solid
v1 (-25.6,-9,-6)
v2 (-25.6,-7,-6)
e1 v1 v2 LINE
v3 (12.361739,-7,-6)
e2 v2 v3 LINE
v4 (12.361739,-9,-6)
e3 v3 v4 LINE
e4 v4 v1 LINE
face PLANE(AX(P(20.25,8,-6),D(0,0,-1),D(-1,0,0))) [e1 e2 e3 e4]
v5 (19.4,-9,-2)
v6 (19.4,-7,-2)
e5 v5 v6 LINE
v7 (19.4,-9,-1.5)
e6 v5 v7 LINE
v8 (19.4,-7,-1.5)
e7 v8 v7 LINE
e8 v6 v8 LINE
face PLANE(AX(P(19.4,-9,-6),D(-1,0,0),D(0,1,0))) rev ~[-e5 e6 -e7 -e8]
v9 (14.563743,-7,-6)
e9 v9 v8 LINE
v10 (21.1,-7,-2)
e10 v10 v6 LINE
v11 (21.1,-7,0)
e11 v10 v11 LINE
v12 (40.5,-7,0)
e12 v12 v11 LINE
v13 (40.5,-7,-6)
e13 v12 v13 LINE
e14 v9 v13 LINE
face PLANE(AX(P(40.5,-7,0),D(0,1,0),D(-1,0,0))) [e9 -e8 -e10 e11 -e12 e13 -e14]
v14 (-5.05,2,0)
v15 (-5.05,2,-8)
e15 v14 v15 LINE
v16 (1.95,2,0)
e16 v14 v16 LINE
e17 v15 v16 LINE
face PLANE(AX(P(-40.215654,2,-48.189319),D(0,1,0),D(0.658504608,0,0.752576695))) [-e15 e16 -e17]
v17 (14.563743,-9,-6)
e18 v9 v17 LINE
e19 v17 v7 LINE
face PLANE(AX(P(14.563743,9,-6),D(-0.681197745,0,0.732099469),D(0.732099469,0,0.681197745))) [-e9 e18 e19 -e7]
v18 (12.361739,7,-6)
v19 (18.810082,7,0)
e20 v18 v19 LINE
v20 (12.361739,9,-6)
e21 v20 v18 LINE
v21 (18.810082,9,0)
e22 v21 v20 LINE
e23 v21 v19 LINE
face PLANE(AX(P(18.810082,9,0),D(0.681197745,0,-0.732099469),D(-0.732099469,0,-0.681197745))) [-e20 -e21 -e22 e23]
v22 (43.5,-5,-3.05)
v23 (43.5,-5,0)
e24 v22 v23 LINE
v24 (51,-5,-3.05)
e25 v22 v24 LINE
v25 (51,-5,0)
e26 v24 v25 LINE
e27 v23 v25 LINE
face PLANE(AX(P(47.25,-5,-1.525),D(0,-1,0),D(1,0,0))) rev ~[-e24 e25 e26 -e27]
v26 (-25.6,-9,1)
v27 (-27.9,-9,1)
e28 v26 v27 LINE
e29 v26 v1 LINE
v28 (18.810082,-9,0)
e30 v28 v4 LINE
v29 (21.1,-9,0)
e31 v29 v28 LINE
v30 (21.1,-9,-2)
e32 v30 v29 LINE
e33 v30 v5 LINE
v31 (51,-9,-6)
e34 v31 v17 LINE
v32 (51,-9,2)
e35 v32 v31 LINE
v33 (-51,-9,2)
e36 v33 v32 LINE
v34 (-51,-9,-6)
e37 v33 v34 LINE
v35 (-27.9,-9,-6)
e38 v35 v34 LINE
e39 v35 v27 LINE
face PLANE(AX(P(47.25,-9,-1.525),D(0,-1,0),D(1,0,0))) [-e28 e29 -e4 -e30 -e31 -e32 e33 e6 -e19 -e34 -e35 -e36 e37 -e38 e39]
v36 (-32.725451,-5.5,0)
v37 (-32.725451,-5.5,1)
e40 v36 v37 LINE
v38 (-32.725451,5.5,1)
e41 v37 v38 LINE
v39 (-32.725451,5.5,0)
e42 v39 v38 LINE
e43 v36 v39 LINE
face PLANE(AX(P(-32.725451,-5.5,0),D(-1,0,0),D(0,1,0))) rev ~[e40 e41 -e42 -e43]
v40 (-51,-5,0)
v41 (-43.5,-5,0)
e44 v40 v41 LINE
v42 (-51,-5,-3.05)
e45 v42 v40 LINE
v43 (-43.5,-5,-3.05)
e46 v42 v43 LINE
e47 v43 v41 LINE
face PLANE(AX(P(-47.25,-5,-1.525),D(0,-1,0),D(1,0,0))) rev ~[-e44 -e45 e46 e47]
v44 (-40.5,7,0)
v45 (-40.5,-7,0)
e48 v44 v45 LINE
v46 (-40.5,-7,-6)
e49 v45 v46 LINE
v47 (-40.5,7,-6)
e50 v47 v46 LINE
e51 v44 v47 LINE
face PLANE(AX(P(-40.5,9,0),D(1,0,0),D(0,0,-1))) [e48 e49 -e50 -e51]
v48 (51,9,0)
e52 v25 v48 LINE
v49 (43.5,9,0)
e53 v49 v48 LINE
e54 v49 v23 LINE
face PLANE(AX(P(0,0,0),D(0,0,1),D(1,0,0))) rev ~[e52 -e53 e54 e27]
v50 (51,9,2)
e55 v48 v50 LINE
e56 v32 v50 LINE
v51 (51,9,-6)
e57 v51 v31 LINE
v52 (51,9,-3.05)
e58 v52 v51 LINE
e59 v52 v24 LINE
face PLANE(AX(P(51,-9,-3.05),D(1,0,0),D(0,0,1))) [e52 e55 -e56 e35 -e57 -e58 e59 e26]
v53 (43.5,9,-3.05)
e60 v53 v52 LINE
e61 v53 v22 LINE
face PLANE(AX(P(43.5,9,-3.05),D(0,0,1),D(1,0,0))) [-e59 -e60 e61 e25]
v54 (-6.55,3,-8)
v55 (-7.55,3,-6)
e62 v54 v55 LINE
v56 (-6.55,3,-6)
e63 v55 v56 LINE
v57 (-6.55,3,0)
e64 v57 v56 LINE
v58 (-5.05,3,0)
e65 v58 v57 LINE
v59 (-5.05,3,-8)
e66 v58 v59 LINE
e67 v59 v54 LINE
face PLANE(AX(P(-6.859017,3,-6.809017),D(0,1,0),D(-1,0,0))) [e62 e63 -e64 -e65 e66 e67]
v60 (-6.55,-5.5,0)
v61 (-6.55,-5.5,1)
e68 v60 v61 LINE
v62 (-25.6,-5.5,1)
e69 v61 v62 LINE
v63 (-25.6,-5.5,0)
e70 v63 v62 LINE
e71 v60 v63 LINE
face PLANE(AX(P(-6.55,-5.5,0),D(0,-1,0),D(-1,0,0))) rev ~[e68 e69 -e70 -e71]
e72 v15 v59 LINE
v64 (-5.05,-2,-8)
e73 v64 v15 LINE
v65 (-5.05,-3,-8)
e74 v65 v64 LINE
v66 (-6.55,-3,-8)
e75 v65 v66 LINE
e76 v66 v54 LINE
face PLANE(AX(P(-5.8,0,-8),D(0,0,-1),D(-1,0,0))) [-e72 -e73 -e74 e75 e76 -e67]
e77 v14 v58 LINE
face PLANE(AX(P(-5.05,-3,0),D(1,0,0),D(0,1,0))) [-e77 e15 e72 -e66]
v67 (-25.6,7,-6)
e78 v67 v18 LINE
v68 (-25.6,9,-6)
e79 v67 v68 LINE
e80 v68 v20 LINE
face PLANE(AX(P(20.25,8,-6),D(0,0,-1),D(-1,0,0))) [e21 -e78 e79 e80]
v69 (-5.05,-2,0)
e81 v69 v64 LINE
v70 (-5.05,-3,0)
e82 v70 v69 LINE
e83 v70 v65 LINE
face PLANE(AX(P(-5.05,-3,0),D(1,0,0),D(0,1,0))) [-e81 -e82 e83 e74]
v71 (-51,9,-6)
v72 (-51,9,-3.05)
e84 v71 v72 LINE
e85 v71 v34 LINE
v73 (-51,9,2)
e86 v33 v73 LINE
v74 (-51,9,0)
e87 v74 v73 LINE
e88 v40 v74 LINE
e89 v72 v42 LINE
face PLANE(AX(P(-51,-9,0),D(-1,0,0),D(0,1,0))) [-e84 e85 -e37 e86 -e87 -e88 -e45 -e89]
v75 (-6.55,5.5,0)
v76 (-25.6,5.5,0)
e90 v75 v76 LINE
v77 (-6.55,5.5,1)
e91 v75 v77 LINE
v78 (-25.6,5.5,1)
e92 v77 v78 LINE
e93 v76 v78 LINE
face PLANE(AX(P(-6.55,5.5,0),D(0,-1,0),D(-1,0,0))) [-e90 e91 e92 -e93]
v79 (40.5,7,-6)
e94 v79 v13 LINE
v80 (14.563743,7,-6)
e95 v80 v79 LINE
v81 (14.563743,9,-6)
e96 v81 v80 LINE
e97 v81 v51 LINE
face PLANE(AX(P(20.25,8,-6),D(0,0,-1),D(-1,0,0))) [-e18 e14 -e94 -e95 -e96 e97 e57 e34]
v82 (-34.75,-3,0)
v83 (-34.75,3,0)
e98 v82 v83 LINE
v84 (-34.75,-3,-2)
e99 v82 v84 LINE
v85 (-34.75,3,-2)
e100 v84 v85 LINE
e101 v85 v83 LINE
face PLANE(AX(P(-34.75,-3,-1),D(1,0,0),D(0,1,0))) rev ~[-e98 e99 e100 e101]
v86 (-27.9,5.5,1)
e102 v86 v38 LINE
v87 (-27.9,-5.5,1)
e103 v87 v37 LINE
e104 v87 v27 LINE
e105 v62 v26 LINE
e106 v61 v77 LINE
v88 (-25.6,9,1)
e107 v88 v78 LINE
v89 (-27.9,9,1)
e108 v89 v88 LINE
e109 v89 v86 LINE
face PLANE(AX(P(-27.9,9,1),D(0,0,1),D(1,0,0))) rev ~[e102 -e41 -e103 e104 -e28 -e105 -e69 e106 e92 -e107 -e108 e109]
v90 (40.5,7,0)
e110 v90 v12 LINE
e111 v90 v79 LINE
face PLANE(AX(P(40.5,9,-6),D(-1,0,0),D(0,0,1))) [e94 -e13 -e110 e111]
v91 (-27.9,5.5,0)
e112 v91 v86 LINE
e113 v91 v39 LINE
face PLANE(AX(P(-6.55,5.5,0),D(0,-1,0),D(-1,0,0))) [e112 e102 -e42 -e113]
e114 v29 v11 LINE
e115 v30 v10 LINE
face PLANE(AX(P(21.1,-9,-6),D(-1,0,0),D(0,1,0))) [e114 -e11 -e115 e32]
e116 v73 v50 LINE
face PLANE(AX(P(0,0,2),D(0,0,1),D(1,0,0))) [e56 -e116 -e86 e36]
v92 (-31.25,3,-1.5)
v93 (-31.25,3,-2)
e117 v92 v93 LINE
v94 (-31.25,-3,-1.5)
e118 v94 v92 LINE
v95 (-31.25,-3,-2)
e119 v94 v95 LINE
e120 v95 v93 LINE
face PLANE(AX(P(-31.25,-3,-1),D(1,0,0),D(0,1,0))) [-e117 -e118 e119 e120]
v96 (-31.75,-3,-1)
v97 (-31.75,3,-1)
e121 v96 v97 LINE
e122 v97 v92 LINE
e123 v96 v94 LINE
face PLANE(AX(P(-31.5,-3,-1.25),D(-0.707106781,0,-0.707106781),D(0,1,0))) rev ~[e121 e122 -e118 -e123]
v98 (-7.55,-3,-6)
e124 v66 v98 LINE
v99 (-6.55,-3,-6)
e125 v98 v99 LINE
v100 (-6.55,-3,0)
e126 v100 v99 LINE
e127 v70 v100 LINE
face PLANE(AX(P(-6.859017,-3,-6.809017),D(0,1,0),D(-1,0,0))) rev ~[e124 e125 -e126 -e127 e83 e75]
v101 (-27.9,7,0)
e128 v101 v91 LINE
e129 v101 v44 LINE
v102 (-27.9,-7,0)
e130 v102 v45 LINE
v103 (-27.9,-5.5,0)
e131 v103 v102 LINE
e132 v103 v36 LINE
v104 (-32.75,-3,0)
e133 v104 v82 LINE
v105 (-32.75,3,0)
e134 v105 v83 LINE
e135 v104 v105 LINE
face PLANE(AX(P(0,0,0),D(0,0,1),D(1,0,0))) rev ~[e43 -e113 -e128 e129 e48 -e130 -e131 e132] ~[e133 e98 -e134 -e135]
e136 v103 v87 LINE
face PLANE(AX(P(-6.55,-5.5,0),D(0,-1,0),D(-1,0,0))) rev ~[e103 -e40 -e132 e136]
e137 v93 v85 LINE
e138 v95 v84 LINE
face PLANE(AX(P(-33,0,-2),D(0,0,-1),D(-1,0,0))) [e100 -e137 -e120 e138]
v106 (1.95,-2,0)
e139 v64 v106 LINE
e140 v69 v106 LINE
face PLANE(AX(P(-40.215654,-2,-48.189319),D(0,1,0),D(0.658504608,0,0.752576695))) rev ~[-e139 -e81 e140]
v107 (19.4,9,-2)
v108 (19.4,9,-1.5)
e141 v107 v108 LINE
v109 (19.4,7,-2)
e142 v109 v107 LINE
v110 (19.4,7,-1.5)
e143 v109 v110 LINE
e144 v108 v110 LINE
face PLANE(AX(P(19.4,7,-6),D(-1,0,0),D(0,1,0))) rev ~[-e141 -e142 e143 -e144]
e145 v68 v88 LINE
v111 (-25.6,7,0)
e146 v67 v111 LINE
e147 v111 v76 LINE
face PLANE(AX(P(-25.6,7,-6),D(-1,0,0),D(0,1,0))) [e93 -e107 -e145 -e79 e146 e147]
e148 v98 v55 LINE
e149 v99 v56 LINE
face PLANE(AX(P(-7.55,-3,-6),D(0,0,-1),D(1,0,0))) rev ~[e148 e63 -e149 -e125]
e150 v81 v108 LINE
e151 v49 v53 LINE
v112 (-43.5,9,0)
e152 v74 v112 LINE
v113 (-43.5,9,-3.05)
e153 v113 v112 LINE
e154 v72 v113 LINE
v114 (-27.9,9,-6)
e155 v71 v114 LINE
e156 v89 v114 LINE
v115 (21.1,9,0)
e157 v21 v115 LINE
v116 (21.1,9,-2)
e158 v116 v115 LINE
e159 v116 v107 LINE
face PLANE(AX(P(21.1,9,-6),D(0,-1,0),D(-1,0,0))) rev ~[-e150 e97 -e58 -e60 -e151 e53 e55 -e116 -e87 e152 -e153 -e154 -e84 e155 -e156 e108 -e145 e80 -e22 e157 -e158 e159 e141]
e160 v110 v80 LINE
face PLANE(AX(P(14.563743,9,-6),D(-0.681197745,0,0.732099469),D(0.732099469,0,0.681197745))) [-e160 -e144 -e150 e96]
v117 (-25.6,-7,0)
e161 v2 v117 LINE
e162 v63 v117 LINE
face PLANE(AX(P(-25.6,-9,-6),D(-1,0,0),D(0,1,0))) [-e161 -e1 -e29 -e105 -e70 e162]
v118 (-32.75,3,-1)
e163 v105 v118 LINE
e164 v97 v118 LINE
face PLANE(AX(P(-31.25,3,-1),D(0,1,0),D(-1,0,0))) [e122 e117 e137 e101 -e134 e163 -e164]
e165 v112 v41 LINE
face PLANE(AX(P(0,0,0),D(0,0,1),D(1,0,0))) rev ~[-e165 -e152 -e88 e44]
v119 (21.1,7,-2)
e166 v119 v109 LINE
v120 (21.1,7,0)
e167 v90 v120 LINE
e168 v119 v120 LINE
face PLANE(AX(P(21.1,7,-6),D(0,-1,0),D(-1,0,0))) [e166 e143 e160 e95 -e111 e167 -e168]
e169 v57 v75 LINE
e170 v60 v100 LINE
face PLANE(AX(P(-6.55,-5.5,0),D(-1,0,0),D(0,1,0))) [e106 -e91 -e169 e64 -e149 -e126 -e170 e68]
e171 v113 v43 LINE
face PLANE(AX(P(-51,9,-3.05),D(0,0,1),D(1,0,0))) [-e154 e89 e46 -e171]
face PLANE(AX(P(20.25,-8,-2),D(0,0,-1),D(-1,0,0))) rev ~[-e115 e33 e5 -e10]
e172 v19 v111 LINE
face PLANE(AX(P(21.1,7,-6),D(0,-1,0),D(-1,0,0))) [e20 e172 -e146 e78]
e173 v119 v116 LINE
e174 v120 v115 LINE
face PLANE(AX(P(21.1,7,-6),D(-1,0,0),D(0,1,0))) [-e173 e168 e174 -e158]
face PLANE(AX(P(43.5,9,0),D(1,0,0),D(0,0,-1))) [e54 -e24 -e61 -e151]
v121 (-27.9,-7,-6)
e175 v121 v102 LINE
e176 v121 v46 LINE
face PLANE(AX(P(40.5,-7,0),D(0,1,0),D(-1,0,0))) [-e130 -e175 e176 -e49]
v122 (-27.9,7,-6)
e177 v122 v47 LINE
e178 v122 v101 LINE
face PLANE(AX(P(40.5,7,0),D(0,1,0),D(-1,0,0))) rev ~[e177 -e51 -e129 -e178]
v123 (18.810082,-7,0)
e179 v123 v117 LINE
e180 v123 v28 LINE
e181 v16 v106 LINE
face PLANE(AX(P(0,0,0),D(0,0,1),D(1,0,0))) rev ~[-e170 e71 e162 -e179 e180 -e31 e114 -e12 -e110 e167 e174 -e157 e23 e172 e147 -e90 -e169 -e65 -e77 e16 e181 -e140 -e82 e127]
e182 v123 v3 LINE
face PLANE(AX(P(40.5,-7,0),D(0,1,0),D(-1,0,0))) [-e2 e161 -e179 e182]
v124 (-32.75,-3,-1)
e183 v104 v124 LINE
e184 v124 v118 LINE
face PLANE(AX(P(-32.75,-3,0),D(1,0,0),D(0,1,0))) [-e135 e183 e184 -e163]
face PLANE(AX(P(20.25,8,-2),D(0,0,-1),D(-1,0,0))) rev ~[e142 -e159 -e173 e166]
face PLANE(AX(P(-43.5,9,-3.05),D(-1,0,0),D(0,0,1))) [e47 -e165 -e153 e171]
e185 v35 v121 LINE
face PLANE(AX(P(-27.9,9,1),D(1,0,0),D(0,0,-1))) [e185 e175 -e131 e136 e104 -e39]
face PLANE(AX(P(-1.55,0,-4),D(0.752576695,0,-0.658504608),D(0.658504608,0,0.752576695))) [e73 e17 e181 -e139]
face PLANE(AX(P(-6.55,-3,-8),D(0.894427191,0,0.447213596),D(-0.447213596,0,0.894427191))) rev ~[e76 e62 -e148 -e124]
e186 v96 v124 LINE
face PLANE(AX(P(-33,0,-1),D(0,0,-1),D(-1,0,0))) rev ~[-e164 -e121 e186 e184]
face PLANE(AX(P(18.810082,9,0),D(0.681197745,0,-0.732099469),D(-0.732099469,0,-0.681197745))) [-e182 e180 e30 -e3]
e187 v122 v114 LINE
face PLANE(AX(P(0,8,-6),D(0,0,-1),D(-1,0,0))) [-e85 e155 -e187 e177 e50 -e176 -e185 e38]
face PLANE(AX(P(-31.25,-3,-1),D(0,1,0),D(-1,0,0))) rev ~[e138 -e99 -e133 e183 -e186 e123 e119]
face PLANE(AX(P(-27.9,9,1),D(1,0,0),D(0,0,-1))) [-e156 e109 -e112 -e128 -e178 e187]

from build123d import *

# Parameters (mm, degrees)
SKETCH1_W            = 102
SKETCH1_H            = 18
BOSS_EXTRUDE1_DEPTH  = 2
BOSS_EXTRUDE2_DEPTH  = 18
SKETCH4_W            = 81
SKETCH4_H            = 2
BOSS_EXTRUDE3_DEPTH  = 6
SKETCH5_W            = 2.3
SKETCH5_H            = 2
SKETCH5_W_2          = 1.7
CUT_EXTRUDE1_DEPTH   = 6
SKETCH6_W            = 1.7
SKETCH6_H            = 2
BOSS_EXTRUDE4_DEPTH  = 4
CUT_EXTRUDE2_DEPTH   = 20
SKETCH8_W            = 2
SKETCH8_H            = 6
BOSS_EXTRUDE5_DEPTH  = 1
SKETCH10_W           = 3.5
SKETCH10_H           = 6
BOSS_EXTRUDE6_DEPTH  = 1
SKETCH11_W           = 1.5
SKETCH11_H           = 6
BOSS_EXTRUDE7_DEPTH  = 8
BOSS_EXTRUDE8_DEPTH  = 6
RIB1_REACH           = 54.402
SKETCH17_WALL_W      = 117.434725866
SKETCH17_WALL_H      = 4
CHAMFER1_SIZE        = 0.5
SKETCH18_W           = 7.5
SKETCH18_H           = 3.05
BOSS_EXTRUDE10_DEPTH = 4
SKETCH19_W           = 26.1754507
SKETCH19_H           = 11
CUT_EXTRUDE3_DEPTH   = 1
SKETCH20_W           = 2.3
SKETCH20_H           = 1
CUT_EXTRUDE4_DEPTH   = 21


with BuildPart() as part:
    # Sketch1 → Boss-Extrude1 (new body)
    with BuildSketch(Plane.XY):
        Rectangle(SKETCH1_W, SKETCH1_H)
    extrude(amount=BOSS_EXTRUDE1_DEPTH)

    # Sketch2 → Boss-Extrude2 (add)
    with BuildSketch(Plane(origin=(0, 9, 0), x_dir=(1, 0, 0), z_dir=(0, 1, 0))):
        Polygon((-43.5, 0), (-40.5, 0), (-40.5, 6), (-51, 6), (-51, 3.05), (-43.5, 3.05), align=None)
        Polygon((40.5, 6), (40.5, 0), (43.5, 0), (43.5, 3.05), (51, 3.05), (51, 6), align=None)
    extrude(amount=-BOSS_EXTRUDE2_DEPTH)

    # Sketch4 → Boss-Extrude3 (add)
    with BuildSketch(Plane(origin=(0, 0, 0), x_dir=(-1, 0, 0), z_dir=(0, 0, -1))):
        with Locations((0, 8)):
            Rectangle(SKETCH4_W, SKETCH4_H)
        with Locations((0, -8)):
            Rectangle(SKETCH4_W, SKETCH4_H)
    extrude(amount=BOSS_EXTRUDE3_DEPTH)

    # Sketch5 → Cut-Extrude1 (cut)
    with BuildSketch(Plane(origin=(0, 0, -6), x_dir=(-1, 0, 0), z_dir=(0, 0, -1))):
        with Locations((26.75, -8)):
            Rectangle(SKETCH5_W, SKETCH5_H)
        with Locations((26.75, 8)):
            Rectangle(SKETCH5_W, SKETCH5_H)
        with Locations((-20.25, 8)):
            Rectangle(SKETCH5_W_2, SKETCH5_H)
        with Locations((-20.25, -8)):
            Rectangle(SKETCH5_W_2, SKETCH5_H)
    extrude(amount=-CUT_EXTRUDE1_DEPTH, mode=Mode.SUBTRACT)

    # Sketch6 → Boss-Extrude4 (add)
    with BuildSketch(Plane(origin=(0, 0, -6), x_dir=(-1, 0, 0), z_dir=(0, 0, -1))):
        with Locations((-20.25, 8)):
            Rectangle(SKETCH6_W, SKETCH6_H)
        with Locations((-20.25, -8)):
            Rectangle(SKETCH6_W, SKETCH6_H)
    extrude(amount=-BOSS_EXTRUDE4_DEPTH)

    # Sketch7 → Cut-Extrude2 (cut)
    with BuildSketch(Plane(origin=(0, 9, 0), x_dir=(1, 0, 0), z_dir=(0, 1, 0))):
        Polygon((18.810082021, 0), (12.361738872, 6), (14.563742638, 6), (19.4, 1.5), (20.041328573, 1.5), (20.041328573, 0), align=None)
    extrude(amount=-CUT_EXTRUDE2_DEPTH, mode=Mode.SUBTRACT)

    # Sketch8 → Boss-Extrude5 (add)
    with BuildSketch(Plane(origin=(0, 0, 0), x_dir=(-1, 0, 0), z_dir=(0, 0, -1))):
        with Locations((33.75, 0)):
            Rectangle(SKETCH8_W, SKETCH8_H)
    extrude(amount=BOSS_EXTRUDE5_DEPTH)

    # Sketch10 → Boss-Extrude6 (add)
    with BuildSketch(Plane(origin=(0, 0, -1), x_dir=(-1, 0, 0), z_dir=(0, 0, -1))):
        with Locations((33, 0)):
            Rectangle(SKETCH10_W, SKETCH10_H)
    extrude(amount=BOSS_EXTRUDE6_DEPTH)

    # Sketch11 → Boss-Extrude7 (add)
    with BuildSketch(Plane(origin=(0, 0, 0), x_dir=(-1, 0, 0), z_dir=(0, 0, -1))):
        with Locations((5.8, 0)):
            Rectangle(SKETCH11_W, SKETCH11_H)
    extrude(amount=BOSS_EXTRUDE7_DEPTH)

    # Sketch12 → Boss-Extrude8 (add)
    with BuildSketch(Plane.XZ.offset(3)):
        Polygon((-6.55, -8), (-7.55, -6), (-6.55, -6), align=None)
    extrude(amount=-BOSS_EXTRUDE8_DEPTH)

    # Sketch17 wall → Rib1 (add, up to next)
    with BuildSketch(Plane(origin=(-1.55, 0, -4), x_dir=(0.658504607869, 0, 0.752576694707), z_dir=(0.752576694707, 0, -0.658504607869)), mode=Mode.PRIVATE) as rib1_sk1:
        Rectangle(SKETCH17_WALL_W, SKETCH17_WALL_H)
    rib1_tool1 = extrude(rib1_sk1.sketch, amount=-RIB1_REACH, mode=Mode.PRIVATE) - part.part
    add(rib1_tool1.solids().sort_by_distance((-1.55, 0, -4))[0])

    # Chamfer1
    chamfer1_edges = [part.edges().sort_by_distance(p)[0] for p in [
        (-31.25, 0, -1),
    ]]
    chamfer(chamfer1_edges, length=CHAMFER1_SIZE)

    # Sketch18 → Boss-Extrude10 (add)
    with BuildSketch(Plane.XZ.offset(9)):
        with Locations((47.25, -1.525)):
            Rectangle(SKETCH18_W, SKETCH18_H)
        with Locations((-47.25, -1.525)):
            Rectangle(SKETCH18_W, SKETCH18_H)
    extrude(amount=-BOSS_EXTRUDE10_DEPTH)

    # Sketch19 → Cut-Extrude3 (cut)
    with BuildSketch(Plane(origin=(0, 0, 0), x_dir=(-1, 0, 0), z_dir=(0, 0, -1))):
        with Locations((19.63772535, 0)):
            Rectangle(SKETCH19_W, SKETCH19_H)
    extrude(amount=-CUT_EXTRUDE3_DEPTH, mode=Mode.SUBTRACT)

    # Sketch20 → Cut-Extrude4 (cut)
    with BuildSketch(Plane(origin=(0, 9, 0), x_dir=(1, 0, 0), z_dir=(0, 1, 0))):
        with Locations((-26.75, -0.5)):
            Rectangle(SKETCH20_W, SKETCH20_H)
    extrude(amount=-CUT_EXTRUDE4_DEPTH, mode=Mode.SUBTRACT)


solid = part.part
